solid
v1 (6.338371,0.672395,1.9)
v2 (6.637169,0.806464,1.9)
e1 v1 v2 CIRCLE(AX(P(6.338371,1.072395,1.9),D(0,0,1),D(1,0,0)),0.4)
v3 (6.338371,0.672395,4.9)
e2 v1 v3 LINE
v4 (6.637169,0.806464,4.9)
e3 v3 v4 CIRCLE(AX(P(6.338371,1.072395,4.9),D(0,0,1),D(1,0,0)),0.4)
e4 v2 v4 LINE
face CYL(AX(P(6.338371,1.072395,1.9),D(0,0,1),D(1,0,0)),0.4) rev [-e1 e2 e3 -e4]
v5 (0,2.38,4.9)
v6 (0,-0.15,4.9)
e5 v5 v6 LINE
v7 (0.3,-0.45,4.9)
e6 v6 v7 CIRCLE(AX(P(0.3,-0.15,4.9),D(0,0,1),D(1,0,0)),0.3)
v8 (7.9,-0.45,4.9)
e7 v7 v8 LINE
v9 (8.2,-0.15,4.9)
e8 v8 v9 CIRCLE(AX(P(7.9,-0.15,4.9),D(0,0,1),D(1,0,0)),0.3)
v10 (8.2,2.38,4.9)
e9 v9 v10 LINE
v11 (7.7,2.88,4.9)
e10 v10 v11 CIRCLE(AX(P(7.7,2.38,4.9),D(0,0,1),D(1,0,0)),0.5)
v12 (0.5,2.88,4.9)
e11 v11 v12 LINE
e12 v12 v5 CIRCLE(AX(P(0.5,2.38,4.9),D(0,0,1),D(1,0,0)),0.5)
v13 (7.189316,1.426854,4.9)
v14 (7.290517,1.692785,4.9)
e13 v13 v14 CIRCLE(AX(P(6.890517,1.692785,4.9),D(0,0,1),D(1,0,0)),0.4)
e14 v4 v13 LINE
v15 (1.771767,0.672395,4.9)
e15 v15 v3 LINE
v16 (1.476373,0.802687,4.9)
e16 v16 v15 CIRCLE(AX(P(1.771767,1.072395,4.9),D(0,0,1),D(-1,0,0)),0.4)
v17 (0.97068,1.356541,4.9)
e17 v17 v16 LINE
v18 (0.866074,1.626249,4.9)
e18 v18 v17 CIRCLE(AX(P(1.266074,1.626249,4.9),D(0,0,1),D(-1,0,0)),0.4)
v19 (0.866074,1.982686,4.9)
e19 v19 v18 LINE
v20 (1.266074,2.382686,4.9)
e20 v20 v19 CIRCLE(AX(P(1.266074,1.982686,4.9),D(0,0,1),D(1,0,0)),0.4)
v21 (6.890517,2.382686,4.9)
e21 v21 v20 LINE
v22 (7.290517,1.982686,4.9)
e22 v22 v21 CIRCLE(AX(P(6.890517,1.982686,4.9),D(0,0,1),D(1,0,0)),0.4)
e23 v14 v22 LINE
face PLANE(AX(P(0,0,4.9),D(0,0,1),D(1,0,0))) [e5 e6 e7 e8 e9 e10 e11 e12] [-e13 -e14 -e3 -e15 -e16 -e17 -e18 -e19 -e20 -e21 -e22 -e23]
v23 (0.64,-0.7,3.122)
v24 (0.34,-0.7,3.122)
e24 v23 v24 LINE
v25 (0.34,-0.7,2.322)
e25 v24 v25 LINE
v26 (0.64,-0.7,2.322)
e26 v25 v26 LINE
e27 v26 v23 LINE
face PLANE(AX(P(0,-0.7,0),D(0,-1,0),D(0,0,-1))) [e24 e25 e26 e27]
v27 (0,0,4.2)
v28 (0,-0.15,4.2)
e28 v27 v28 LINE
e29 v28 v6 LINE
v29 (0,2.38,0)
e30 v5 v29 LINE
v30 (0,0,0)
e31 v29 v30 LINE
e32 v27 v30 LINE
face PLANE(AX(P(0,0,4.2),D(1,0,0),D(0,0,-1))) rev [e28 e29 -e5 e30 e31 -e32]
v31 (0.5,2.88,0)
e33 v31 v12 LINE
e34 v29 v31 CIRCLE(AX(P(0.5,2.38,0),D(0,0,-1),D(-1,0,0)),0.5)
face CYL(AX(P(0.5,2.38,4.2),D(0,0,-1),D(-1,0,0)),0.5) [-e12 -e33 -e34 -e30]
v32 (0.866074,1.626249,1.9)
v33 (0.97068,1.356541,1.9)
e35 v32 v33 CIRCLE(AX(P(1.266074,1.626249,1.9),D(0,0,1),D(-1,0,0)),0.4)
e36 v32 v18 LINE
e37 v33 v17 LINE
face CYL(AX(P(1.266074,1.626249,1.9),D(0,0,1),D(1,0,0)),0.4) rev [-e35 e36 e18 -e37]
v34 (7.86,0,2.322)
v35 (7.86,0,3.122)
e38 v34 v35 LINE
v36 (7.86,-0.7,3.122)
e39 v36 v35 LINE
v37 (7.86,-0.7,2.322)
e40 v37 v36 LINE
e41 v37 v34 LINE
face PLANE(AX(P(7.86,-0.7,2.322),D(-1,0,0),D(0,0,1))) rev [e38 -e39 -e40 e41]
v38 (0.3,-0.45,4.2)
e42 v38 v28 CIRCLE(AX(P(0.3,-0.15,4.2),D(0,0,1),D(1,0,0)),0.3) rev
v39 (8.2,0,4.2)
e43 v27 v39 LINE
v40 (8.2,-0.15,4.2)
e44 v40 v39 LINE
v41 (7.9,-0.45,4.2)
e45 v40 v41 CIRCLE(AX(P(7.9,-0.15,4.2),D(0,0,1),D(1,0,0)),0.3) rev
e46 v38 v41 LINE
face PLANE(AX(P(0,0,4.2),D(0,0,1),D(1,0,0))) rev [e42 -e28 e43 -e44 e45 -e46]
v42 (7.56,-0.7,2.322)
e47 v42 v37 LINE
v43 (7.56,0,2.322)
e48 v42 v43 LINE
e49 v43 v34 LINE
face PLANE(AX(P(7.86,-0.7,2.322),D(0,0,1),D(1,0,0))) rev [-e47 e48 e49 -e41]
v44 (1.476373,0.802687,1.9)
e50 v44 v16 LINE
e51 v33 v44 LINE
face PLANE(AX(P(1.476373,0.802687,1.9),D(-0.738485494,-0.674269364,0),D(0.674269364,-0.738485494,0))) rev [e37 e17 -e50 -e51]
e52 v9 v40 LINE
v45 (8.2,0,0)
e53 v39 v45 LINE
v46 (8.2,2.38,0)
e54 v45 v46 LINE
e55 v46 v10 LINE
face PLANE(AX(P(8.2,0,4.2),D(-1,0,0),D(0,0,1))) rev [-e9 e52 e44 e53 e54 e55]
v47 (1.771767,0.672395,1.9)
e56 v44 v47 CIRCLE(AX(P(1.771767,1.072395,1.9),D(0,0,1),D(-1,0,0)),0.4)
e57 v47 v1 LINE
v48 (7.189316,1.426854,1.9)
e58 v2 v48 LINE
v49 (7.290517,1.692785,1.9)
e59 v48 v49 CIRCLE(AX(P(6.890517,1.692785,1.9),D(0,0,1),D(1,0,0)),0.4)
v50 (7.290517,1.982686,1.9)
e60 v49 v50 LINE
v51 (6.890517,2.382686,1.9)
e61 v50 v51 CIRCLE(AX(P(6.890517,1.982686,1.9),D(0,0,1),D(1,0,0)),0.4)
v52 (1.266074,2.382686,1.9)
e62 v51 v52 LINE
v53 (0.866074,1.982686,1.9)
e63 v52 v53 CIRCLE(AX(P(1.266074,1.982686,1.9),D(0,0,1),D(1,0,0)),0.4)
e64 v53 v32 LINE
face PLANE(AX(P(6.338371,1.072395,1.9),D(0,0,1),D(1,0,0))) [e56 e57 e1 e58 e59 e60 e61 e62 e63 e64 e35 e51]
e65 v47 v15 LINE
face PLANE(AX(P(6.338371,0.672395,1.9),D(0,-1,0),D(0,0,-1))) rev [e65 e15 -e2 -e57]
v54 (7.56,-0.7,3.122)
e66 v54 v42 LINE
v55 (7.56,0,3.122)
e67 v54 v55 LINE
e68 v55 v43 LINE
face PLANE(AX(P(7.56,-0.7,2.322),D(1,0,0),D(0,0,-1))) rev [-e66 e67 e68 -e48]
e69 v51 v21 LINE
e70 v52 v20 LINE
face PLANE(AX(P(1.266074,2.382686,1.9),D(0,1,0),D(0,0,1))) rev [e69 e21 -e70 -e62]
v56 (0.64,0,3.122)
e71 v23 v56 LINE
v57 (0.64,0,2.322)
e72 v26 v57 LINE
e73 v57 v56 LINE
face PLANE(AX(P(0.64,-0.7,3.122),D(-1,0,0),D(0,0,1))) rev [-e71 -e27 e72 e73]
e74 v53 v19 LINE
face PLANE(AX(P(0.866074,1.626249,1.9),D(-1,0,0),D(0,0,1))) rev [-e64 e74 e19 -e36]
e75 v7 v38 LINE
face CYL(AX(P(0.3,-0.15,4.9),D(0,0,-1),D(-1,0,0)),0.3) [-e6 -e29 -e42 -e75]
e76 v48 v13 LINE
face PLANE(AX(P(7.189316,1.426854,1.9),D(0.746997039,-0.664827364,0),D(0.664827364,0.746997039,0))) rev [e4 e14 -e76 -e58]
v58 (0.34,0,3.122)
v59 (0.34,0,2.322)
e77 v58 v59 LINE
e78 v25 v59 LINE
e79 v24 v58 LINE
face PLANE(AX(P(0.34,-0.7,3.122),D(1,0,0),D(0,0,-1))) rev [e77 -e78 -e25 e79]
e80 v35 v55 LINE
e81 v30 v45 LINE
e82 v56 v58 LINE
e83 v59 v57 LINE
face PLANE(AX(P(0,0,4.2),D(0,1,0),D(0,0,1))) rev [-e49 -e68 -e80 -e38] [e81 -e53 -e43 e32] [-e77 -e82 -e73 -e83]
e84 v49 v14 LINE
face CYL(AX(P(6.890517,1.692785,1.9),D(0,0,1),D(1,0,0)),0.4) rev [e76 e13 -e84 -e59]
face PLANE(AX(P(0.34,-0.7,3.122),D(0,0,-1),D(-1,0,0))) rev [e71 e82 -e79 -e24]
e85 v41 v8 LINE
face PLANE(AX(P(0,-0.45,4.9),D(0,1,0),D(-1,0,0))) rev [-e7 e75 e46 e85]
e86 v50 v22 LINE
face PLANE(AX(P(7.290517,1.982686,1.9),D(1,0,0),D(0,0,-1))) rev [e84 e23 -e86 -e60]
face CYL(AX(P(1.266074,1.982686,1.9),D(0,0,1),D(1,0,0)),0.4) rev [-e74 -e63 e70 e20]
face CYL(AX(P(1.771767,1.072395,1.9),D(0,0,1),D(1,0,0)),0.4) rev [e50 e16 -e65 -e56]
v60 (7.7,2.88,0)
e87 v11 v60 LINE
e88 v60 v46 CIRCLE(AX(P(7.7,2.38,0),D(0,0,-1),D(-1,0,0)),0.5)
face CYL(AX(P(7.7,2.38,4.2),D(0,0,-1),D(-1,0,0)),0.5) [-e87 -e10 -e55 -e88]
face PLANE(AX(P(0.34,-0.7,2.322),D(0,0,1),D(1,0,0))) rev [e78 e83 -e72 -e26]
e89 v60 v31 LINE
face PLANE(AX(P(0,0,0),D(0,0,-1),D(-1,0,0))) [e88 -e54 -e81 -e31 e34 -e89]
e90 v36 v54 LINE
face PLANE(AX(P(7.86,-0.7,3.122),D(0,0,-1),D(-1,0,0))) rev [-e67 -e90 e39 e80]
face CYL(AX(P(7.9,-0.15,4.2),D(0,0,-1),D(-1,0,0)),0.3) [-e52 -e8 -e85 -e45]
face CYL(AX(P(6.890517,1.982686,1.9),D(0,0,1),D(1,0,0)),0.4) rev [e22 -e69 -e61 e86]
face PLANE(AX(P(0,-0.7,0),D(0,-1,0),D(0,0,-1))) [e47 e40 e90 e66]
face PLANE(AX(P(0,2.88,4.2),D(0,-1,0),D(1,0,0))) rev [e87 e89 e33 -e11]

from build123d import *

# Parameters (mm, degrees)
SKETCH1_W           = 8.2
SKETCH1_H           = 2.88
BOSS_EXTRUDE1_DEPTH = 4.2
SKETCH2_W           = 8.2
SKETCH2_H           = 3.33
BOSS_EXTRUDE2_DEPTH = 0.7
FILLET1_R           = 0.5
FILLET2_R           = 0.3
CUT_EXTRUDE1_DEPTH  = 3
SKETCH4_W           = 0.3
SKETCH4_H           = 0.8
BOSS_EXTRUDE3_DEPTH = 0.7


with BuildPart() as part:
    # Sketch1 → Boss-Extrude1 (new body)
    with BuildSketch(Plane.XY):
        with Locations((4.1, 1.44)):
            Rectangle(SKETCH1_W, SKETCH1_H)
    extrude(amount=BOSS_EXTRUDE1_DEPTH)

    # Sketch2 → Boss-Extrude2 (add)
    with BuildSketch(Plane.XY.offset(4.2)):
        with Locations((4.1, 1.215)):
            Rectangle(SKETCH2_W, SKETCH2_H)
    extrude(amount=BOSS_EXTRUDE2_DEPTH)

    # Fillet1
    fillet1_edges = [part.edges().sort_by_distance(p)[0] for p in [
        (0, 2.88, 2.45),
        (8.2, 2.88, 2.45),
    ]]
    fillet(fillet1_edges, radius=FILLET1_R)

    # Fillet2
    fillet2_edges = [part.edges().sort_by_distance(p)[0] for p in [
        (8.2, -0.45, 4.55),
        (0, -0.45, 4.55),
    ]]
    fillet(fillet2_edges, radius=FILLET2_R)

    # Sketch3 → Cut-Extrude1 (cut)
    with BuildSketch(Plane.XY.offset(4.9)):
        with BuildLine():
            Line((1.266074212, 2.382685956), (6.890517388, 2.382685956))
            ThreePointArc((6.890517388, 2.382685956), (7.173360101, 2.265528668), (7.290517388, 1.982685956))
            Line((7.290517388, 1.982685956), (7.290517388, 1.692784748))
            ThreePointArc((7.290517388, 1.692784748), (7.264361959, 1.550516562), (7.189316204, 1.426853803))
            Line((7.189316204, 1.426853803), (6.63716933, 0.806464056))
            ThreePointArc((6.63716933, 0.806464056), (6.502119746, 0.707448171), (6.338370514, 0.672395002))
            Line((6.338370514, 0.672395002), (1.771767033, 0.672395002))
            ThreePointArc((1.771767033, 0.672395002), (1.610340732, 0.706414744), (1.476372836, 0.802687256))
            Line((1.476372836, 0.802687256), (0.970680014, 1.356541299))
            ThreePointArc((0.970680014, 1.356541299), (0.893141457, 1.481607555), (0.866074212, 1.626249045))
            Line((0.866074212, 1.626249045), (0.866074212, 1.982685956))
            ThreePointArc((0.866074212, 1.982685956), (0.983231499, 2.265528668), (1.266074212, 2.382685956))
        make_face()
    extrude(amount=-CUT_EXTRUDE1_DEPTH, mode=Mode.SUBTRACT)

    # Sketch4 → Boss-Extrude3 (add)
    with BuildSketch(Plane.XZ):
        with Locations((0.49, 2.722)):
            Rectangle(SKETCH4_W, SKETCH4_H)
        with Locations((7.710000038, 2.722)):
            Rectangle(SKETCH4_W, SKETCH4_H)
    extrude(amount=BOSS_EXTRUDE3_DEPTH)


solid = part.part
